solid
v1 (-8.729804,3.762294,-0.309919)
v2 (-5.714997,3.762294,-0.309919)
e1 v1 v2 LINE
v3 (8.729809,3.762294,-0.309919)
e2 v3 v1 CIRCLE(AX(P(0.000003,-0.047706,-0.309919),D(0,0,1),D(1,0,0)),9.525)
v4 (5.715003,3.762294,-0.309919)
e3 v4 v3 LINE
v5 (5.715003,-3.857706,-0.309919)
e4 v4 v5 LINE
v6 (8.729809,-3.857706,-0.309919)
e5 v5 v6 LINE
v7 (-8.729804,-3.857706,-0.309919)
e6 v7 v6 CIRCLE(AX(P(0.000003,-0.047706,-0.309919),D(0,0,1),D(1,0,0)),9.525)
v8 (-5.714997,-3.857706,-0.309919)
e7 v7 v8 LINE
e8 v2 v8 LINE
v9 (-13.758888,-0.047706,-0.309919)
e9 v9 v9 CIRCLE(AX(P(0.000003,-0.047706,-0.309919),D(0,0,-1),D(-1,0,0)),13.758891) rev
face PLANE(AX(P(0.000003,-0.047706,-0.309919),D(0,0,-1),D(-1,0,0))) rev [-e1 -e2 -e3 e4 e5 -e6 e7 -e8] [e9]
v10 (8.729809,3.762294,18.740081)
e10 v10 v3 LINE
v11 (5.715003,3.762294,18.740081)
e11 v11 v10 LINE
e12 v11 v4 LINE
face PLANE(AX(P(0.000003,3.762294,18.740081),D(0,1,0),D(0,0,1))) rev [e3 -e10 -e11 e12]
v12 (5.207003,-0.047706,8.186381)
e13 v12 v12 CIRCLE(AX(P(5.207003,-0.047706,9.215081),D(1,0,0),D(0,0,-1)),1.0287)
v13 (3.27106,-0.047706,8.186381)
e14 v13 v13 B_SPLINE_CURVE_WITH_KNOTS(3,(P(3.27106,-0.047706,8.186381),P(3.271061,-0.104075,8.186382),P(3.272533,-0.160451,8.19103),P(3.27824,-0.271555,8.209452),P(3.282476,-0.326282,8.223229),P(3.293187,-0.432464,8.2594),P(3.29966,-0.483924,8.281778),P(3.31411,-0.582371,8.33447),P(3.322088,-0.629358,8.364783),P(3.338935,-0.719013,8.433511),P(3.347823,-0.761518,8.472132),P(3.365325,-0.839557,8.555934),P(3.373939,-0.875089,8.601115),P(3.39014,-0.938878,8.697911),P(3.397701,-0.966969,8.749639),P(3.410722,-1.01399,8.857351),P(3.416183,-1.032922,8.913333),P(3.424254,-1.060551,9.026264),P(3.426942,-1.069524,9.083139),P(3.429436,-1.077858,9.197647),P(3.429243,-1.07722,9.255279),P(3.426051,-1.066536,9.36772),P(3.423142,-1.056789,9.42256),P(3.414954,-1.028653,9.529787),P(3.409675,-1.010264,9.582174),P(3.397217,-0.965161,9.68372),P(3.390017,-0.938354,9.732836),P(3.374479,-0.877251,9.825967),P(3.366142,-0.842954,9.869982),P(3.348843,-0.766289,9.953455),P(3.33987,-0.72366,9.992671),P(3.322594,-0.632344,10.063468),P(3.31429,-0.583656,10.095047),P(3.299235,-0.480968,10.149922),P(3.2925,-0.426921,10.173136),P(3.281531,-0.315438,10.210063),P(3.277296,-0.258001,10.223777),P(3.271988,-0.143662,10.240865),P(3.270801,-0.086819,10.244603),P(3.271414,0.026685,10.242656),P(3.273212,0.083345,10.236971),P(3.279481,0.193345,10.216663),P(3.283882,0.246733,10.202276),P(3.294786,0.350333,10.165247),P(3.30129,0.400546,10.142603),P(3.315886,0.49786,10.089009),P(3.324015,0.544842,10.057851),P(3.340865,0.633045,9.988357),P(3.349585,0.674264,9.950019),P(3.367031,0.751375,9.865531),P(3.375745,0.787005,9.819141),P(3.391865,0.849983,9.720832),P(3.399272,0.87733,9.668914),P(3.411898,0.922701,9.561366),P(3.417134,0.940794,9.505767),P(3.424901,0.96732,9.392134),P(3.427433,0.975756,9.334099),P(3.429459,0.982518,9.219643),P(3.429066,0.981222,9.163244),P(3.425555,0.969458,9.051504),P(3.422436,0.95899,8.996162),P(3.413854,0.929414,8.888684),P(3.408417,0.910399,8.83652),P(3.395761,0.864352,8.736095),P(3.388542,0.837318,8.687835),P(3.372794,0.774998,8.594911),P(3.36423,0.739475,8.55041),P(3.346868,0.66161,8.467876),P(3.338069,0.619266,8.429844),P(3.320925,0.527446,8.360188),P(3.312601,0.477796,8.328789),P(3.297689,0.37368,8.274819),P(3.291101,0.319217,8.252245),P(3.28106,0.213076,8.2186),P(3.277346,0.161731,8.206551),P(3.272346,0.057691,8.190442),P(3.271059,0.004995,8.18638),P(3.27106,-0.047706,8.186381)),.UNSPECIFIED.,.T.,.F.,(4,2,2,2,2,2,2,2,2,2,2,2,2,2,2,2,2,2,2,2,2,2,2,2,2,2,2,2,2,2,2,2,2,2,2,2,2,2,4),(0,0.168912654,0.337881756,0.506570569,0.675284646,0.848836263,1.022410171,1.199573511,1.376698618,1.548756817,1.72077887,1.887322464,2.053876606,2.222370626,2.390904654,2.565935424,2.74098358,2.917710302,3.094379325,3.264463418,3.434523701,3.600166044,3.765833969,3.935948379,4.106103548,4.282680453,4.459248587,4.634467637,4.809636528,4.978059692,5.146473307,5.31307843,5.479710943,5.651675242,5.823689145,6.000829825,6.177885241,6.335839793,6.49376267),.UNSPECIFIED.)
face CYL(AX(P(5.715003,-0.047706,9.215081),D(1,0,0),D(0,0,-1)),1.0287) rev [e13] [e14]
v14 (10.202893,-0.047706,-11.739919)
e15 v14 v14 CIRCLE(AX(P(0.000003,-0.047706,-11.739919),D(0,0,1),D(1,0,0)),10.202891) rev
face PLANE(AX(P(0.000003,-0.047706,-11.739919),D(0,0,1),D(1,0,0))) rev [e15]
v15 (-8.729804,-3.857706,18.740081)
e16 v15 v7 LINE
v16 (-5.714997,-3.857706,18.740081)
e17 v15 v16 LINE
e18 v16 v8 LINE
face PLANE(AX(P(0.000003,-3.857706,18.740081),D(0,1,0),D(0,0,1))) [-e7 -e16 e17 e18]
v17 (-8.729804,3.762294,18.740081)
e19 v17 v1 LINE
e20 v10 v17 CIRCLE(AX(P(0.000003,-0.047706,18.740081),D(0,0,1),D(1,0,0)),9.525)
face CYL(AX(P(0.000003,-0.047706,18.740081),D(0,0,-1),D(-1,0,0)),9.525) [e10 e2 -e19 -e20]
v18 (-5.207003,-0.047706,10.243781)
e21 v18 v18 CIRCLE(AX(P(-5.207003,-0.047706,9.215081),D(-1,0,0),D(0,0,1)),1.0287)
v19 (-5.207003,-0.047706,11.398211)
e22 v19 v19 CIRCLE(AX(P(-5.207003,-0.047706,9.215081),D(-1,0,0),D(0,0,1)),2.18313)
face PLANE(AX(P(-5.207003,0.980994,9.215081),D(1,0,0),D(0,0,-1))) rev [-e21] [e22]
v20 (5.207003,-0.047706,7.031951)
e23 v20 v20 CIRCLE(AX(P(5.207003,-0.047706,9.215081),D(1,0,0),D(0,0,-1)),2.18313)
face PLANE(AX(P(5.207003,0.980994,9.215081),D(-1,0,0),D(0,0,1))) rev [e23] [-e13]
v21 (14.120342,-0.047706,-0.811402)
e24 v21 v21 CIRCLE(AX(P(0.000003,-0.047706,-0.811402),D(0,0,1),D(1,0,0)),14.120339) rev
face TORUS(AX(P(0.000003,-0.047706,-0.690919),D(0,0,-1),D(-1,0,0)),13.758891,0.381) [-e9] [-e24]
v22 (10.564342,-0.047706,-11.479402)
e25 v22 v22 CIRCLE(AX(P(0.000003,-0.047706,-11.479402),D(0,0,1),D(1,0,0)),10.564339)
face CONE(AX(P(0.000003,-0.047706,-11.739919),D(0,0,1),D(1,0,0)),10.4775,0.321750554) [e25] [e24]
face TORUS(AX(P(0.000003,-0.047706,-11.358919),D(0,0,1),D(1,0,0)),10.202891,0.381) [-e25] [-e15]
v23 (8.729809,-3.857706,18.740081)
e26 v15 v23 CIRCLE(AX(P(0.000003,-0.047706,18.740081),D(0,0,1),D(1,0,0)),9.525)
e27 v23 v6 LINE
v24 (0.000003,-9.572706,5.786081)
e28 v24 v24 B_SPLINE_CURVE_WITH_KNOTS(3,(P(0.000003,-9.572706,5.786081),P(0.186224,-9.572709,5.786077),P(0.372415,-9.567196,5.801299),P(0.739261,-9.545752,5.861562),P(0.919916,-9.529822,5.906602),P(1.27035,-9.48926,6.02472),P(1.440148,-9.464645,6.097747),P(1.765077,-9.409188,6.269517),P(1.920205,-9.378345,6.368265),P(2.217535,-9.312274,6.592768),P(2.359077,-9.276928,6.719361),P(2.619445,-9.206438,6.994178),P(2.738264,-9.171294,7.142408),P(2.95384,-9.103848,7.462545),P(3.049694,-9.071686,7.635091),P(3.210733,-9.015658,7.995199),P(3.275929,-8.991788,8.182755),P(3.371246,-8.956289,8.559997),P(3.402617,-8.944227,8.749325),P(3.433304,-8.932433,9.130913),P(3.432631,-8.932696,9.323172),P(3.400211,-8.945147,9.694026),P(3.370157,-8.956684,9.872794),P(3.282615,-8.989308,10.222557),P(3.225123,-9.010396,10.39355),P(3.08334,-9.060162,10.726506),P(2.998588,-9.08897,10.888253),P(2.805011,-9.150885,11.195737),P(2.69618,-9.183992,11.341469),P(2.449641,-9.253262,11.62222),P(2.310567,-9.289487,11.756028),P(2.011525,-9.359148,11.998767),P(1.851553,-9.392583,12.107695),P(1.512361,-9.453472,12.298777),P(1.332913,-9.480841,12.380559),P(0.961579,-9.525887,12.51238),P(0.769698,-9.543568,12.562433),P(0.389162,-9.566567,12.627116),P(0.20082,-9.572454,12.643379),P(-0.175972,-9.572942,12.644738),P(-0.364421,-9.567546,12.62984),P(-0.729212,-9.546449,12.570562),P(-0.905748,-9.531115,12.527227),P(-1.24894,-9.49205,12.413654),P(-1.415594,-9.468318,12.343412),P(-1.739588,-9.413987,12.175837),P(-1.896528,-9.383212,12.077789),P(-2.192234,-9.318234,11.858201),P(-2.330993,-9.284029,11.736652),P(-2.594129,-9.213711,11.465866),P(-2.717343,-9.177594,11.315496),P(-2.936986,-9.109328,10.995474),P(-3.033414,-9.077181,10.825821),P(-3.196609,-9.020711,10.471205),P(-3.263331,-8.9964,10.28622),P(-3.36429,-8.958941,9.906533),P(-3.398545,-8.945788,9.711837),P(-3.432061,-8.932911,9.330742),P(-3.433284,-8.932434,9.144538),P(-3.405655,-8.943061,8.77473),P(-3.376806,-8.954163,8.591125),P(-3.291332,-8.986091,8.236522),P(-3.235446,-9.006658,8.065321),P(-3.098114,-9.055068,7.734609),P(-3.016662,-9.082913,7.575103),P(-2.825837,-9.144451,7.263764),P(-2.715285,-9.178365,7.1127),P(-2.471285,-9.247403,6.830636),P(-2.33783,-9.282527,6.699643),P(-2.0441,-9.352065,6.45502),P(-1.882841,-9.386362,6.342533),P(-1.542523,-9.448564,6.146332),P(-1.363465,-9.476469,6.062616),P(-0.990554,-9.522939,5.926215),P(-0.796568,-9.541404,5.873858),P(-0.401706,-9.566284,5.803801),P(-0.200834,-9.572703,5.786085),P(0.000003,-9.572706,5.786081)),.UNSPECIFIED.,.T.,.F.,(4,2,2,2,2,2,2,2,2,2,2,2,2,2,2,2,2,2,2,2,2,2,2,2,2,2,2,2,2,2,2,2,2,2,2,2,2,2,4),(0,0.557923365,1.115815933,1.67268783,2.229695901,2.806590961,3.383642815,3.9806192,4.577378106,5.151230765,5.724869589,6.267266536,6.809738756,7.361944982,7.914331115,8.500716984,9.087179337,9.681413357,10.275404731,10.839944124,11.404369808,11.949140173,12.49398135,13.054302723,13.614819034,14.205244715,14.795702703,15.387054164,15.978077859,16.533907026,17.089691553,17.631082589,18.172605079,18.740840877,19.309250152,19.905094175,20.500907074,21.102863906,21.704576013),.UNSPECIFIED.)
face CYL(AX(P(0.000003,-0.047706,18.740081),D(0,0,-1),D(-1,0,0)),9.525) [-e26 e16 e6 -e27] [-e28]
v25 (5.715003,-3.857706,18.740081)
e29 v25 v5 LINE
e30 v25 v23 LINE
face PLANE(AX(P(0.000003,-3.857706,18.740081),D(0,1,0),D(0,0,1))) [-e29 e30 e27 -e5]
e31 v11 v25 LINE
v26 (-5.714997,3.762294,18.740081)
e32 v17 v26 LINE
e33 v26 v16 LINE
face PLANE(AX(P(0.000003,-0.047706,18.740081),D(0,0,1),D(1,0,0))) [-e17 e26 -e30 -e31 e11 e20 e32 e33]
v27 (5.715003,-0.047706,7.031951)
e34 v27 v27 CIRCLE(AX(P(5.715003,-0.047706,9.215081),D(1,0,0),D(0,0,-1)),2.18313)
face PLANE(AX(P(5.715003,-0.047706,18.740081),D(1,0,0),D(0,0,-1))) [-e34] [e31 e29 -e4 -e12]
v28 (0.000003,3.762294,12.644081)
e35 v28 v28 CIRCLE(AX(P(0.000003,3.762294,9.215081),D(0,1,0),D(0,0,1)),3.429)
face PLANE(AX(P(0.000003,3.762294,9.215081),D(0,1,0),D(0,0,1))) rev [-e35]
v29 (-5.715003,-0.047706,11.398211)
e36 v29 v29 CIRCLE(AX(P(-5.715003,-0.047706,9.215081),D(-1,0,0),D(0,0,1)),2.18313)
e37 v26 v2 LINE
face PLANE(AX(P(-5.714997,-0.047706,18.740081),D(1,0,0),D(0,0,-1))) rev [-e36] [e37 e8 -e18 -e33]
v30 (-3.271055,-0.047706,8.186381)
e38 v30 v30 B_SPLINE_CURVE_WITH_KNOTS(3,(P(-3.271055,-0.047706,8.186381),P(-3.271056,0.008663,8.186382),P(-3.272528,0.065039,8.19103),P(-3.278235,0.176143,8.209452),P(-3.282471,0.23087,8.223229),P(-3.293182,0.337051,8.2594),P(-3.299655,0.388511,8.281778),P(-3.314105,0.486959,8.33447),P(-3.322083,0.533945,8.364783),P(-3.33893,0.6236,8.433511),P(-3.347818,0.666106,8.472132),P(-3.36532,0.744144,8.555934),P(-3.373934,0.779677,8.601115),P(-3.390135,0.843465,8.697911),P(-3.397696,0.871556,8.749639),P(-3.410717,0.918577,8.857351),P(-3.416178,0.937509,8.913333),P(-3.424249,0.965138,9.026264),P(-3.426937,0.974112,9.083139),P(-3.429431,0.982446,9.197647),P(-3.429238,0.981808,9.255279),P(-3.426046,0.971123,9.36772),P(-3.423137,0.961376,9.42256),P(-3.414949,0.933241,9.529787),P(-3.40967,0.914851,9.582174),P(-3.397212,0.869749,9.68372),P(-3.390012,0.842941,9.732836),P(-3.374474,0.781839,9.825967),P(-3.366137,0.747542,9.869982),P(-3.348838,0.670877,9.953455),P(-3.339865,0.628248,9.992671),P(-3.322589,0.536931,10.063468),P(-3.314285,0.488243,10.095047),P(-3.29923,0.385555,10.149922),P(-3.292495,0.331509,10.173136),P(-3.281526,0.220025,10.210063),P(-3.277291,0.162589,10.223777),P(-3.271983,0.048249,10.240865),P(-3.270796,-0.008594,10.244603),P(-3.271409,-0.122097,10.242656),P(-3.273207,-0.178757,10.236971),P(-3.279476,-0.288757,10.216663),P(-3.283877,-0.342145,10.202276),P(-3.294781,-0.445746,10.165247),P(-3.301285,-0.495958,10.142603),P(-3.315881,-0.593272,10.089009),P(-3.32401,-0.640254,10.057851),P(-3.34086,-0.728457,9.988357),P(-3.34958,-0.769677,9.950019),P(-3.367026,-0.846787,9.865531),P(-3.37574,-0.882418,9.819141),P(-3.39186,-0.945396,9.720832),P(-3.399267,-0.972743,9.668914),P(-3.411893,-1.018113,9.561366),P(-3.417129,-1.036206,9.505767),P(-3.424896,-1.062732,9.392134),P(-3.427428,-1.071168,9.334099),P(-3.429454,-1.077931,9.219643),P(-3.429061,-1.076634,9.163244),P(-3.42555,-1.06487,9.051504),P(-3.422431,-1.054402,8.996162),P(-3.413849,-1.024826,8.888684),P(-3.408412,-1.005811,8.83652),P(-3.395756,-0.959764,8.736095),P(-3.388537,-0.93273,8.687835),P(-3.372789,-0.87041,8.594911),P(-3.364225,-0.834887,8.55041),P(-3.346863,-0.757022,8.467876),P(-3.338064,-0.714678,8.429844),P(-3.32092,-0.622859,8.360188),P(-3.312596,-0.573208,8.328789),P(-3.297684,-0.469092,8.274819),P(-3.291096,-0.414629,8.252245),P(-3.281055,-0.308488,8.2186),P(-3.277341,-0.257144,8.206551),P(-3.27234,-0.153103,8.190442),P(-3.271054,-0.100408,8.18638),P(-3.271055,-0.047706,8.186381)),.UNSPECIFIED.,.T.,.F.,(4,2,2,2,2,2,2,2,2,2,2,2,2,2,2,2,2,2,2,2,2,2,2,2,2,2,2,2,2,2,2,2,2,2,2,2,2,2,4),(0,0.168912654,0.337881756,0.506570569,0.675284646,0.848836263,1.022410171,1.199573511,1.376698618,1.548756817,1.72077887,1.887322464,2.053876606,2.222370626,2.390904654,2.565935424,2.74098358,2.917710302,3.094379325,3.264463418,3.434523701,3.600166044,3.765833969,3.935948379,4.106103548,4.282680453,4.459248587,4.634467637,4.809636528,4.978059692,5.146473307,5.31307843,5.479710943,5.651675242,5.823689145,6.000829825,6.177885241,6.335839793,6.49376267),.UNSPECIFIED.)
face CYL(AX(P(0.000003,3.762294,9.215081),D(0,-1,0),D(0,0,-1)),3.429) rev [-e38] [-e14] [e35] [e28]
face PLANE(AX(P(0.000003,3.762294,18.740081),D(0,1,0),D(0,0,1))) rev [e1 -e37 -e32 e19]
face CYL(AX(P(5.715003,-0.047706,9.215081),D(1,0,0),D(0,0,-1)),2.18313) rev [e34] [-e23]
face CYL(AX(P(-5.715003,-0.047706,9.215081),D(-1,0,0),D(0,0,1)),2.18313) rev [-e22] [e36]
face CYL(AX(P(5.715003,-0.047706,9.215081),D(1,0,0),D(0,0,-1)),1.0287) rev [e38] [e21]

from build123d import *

# Parameters (mm, degrees)
BOSS_EXTRUDE1_DEPTH                             = 12.7
SKETCH2_R                                       = 9.525
SKETCH3_R                                       = 6.985
FILLET1_R                                       = 0.254
CUT_EXTRUDE1_DEPTH                              = 2.54
CUT_EXTRUDE1_DEPTH_BACK                         = 19.412260753
SKETCH4_R                                       = 2.286
SCALE1_SCALE                                    = 1.5
CBORE_FOR_1_PAN_HEAD_MACHINE_SCREW2_D           = 2.0574
CBORE_FOR_1_PAN_HEAD_MACHINE_SCREW2_CBORE_D     = 4.36626
CBORE_FOR_1_PAN_HEAD_MACHINE_SCREW2_CBORE_DEPTH = 0.508


with BuildPart() as part:
    # Sketch1 → Boss-Extrude1 (new body)
    with BuildSketch(Plane.XY):
        with BuildLine():
            ThreePointArc((5.819871133, 2.54), (0, 6.35), (-5.819871133, 2.54))
            Line((-5.819871133, 2.54), (-3.81, 2.54))
            Line((-3.81, 2.54), (-3.81, -2.54))
            Line((-3.81, -2.54), (-5.819871133, -2.54))
            ThreePointArc((-5.819871133, -2.54), (0, -6.35), (5.819871133, -2.54))
            Line((5.819871133, -2.54), (3.81, -2.54))
            Line((3.81, -2.54), (3.81, 2.54))
            Line((3.81, 2.54), (5.819871133, 2.54))
        make_face()
    extrude(amount=BOSS_EXTRUDE1_DEPTH)

    # Sketch2 → Loft1 section 0
    with BuildSketch(Plane(origin=(0, 0, 0), x_dir=(-1, 0, 0), z_dir=(0, 0, -1))):
        Circle(SKETCH2_R)
    # Sketch3 → Loft1 section 1
    with BuildSketch(Plane.XY.offset(-7.62)):
        Circle(SKETCH3_R)
    loft()

    # Fillet1
    fillet1_edges = [part.edges().sort_by_distance(p)[0] for p in [
        (9.525, 0, 0),
        (6.985, 0, -7.62),
    ]]
    fillet(fillet1_edges, radius=FILLET1_R)

    # Sketch4 → Cut-Extrude1 (cut, two sides: drawn at the far end of the back side and taken through both)
    with BuildSketch(Plane(origin=(0, 0, 0), x_dir=(1, 0, 0), z_dir=(0, 1, 0)).offset(-CUT_EXTRUDE1_DEPTH_BACK)):
        with Locations(Location((0, -6.35, 0), (0, 0, 90))):
            Circle(SKETCH4_R)
    extrude(amount=CUT_EXTRUDE1_DEPTH + CUT_EXTRUDE1_DEPTH_BACK, mode=Mode.SUBTRACT)


with BuildPart() as part_1:
    # Scale1: scaled about (5.44e-07, 0.095418274, 0.619819033)
    add(part.part.scale(SCALE1_SCALE).moved(Location((-2.72e-07, -0.047709137, -0.309909516))))

    # CBORE for #1 Pan Head Machine Screw2 (through all)
    with Locations(Plane(origin=(5.715002511, 0, 0), x_dir=(0, 0, -1), z_dir=(1, 0, 0))):
        with Locations((-9.2150808, -0.047706209)):
            cbore_for_1_pan_head_machine_screw2 = CounterBoreHole(CBORE_FOR_1_PAN_HEAD_MACHINE_SCREW2_D / 2, CBORE_FOR_1_PAN_HEAD_MACHINE_SCREW2_CBORE_D / 2, CBORE_FOR_1_PAN_HEAD_MACHINE_SCREW2_CBORE_DEPTH)

    # Mirror1: CBORE for #1 Pan Head Machine Screw2 across plane
    add(cbore_for_1_pan_head_machine_screw2.mirror(Plane(origin=(0, 0, 0), x_dir=(0, 0, 1), z_dir=(1, 0, 0))), mode=Mode.SUBTRACT)


solid = part_1.part
